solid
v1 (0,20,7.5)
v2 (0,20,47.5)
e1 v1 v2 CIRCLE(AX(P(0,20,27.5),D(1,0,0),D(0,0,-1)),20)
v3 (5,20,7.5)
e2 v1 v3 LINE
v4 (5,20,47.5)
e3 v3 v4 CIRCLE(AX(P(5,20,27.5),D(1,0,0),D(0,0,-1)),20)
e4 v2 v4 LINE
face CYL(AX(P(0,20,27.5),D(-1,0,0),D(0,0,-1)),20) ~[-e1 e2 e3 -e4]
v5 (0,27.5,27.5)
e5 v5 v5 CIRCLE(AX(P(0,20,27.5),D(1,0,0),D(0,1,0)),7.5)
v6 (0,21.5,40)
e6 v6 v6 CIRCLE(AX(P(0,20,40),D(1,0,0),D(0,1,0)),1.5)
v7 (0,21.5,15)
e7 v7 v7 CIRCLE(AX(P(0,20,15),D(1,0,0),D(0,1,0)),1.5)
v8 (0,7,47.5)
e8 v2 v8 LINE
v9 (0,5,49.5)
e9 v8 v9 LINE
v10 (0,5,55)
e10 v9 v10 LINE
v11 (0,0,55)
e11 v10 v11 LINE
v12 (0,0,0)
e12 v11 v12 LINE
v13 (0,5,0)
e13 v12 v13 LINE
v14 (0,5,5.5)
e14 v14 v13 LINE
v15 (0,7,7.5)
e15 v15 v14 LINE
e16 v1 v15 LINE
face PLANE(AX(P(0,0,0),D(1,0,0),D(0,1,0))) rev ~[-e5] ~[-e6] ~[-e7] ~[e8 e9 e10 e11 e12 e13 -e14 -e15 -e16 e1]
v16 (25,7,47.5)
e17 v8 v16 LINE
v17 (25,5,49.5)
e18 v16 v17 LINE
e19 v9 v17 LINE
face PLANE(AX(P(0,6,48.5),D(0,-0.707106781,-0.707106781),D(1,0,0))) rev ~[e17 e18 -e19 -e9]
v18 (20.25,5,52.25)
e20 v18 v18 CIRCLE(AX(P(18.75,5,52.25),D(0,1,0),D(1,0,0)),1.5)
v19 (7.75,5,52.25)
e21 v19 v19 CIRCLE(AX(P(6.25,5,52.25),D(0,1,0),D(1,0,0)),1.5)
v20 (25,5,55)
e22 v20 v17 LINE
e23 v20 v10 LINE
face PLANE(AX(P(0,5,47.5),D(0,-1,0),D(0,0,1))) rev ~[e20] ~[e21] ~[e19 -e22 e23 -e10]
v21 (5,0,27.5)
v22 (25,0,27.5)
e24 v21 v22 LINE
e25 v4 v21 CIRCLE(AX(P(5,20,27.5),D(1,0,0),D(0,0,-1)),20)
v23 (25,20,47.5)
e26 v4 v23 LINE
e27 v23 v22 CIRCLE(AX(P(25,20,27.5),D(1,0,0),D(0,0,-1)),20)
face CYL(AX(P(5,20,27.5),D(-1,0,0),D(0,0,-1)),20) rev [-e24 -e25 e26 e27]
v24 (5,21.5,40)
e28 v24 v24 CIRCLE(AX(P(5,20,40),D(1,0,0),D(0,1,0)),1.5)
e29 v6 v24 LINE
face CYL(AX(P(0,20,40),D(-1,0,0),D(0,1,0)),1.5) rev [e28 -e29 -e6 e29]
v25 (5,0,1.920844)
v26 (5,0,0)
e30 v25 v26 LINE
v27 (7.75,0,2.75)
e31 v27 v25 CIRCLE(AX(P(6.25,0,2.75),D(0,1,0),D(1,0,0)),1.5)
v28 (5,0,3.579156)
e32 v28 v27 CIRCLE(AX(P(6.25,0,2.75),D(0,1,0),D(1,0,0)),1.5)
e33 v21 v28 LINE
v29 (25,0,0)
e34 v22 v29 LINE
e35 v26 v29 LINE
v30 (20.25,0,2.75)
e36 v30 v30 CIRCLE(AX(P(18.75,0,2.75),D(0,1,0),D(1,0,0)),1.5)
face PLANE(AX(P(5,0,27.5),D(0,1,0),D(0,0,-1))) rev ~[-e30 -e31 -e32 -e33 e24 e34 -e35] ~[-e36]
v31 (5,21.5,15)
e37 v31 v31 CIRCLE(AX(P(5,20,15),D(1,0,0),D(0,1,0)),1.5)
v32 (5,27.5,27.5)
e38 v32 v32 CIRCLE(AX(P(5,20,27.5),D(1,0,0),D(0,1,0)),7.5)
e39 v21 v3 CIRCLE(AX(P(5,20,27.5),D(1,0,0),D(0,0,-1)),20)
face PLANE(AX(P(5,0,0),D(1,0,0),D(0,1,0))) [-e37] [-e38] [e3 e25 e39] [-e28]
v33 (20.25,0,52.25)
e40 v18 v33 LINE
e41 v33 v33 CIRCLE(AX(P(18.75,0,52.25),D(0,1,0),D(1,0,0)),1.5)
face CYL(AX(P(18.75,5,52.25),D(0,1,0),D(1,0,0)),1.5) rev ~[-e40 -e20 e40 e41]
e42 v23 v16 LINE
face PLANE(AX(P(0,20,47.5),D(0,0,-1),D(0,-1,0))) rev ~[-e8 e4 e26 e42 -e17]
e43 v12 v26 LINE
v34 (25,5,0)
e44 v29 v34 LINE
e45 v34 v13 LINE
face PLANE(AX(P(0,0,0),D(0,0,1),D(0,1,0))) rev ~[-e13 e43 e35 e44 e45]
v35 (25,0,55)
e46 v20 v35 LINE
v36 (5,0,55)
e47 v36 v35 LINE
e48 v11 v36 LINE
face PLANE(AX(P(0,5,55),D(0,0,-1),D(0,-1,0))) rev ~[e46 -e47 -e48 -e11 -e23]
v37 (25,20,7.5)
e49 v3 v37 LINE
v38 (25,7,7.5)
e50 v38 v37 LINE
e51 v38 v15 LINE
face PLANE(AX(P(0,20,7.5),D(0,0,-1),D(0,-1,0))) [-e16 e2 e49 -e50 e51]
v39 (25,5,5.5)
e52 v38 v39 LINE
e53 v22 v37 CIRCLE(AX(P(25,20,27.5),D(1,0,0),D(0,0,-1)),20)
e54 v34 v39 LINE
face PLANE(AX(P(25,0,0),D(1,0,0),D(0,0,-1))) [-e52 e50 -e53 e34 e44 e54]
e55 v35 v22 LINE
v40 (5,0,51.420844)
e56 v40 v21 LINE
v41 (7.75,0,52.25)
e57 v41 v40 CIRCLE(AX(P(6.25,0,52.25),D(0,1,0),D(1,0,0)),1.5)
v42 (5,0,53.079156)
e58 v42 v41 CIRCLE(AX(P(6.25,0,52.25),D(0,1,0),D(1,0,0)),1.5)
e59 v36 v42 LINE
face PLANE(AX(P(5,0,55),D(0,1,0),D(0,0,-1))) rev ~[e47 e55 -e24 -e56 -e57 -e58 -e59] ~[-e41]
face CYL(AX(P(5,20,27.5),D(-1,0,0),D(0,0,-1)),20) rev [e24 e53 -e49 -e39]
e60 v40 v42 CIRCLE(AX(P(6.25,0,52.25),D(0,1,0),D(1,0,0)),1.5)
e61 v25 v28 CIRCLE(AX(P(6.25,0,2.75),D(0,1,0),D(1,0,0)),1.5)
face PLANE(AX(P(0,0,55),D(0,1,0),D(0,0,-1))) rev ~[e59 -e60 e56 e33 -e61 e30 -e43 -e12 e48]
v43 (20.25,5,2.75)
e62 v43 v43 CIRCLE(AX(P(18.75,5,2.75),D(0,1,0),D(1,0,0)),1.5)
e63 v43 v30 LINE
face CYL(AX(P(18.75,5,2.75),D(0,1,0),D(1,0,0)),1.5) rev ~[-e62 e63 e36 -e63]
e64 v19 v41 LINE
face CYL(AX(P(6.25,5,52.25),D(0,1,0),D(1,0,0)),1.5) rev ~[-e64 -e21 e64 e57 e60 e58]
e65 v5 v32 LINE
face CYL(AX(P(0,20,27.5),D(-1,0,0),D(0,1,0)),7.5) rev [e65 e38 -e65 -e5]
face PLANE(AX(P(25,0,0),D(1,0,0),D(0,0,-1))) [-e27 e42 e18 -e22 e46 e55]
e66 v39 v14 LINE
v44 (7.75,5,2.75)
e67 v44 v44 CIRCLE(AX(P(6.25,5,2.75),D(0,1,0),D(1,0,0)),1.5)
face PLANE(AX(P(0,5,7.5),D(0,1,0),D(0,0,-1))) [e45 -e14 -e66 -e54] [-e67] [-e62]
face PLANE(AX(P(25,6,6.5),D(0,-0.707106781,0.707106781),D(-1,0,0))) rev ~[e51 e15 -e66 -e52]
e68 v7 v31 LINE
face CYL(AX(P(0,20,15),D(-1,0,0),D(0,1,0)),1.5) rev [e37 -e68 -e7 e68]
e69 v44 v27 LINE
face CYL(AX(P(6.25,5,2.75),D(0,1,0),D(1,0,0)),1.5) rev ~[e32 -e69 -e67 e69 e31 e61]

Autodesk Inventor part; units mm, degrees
ref_plane "YZ Plane" through (0, 0, 0) normal (1, 0, 0) x (0, 1, 0)
ref_plane "XZ Plane" through (0, 0, 0) normal (0, 1, 0) x (-1, 0, 0)
ref_plane "XY Plane" through (0, 0, 0) normal (0, 0, 1) x (1, 0, 0)
sketch "Sketch1" plane through (0, 0, 0) normal (1, 0, 0) x (0, 1, 0)
  arc A0 (20, 7.5) -> (20, 47.5) centre (20, 27.5) ccw
  line L0 (5, 55) -> (0, 55)
  line L1 (0, 55) -> (0, 0)
  line L2 (0, 0) -> (5, 0)
  circle A1 centre (20, 27.5) radius 20 construction
  circle A2 centre (20, 15) radius 1.5
  circle A3 centre (20, 40) radius 1.5
  circle A4 centre (20, 27.5) radius 7.5
  line L3 (20, 47.5) -> (5, 47.5)
  line L4 (5, 47.5) -> (5, 55)
  line L5 (20, 7.5) -> (5, 7.5)
  line L6 (5, 7.5) -> (5, 0)
  dimension "d0" = 20
  dimension "d3" = 5
  dimension "d5" = 3
  dimension "d6" = 3
  dimension "d7" = 25
  dimension "d8" = 12.5
  dimension "d9" = 15
  dimension "d30" = 55
extrude "Extrusion1" add sketch "Sketch1" along normal blind 5
sketch "Sketch2" plane through (5, 0, 0) normal (1, 0, 0) x (0, 0, -1)
  line L0 (-55, 5) -> (-55, 0) projected
  line L1 (-47.5, 20) -> (-47.5, 5) projected
  line L2 (-55, 5) -> (-47.5, 5)
  line L3 (-47.5, 5) -> (-47.5, 20)
  line L4 (-55, 0) -> (0, 0) projected
  line L5 (-55, 0) -> (0, 0)
  line L6 (-55, 0) -> (-55, 5)
  circle A0 centre (-27.5, 20) radius 20
  arc A1 (-7.5, 20) -> (-47.5, 20) centre (-27.5, 20) ccw projected
  line L7 (0, 0) -> (0, 5) projected
  line L8 (0, 0) -> (0, 5)
  line L9 (0, 5) -> (-7.5, 5)
  line L10 (-7.5, 5) -> (-7.5, 20) projected
  line L11 (-7.5, 5) -> (-7.5, 20)
  point P0 (-7.5, 20)
  point P1 (-27.5, 0)
extrude "Extrusion2" add sketch "Sketch2" along normal blind 20 contours L2 L1 A0 L4 L0 | A0 L10 L9 L7 L4
chamfer "Chamfer1" distance 2 angle 45 2 edges at (12.5, 5, 7.5) (12.5, 5, 47.5)
sketch "Sketch3" plane through (0, 5, 0) normal (0, 1, 0) x (1, 0, 0)
  circle A0 centre (6.25, -2.75) radius 1.5
  circle A1 centre (18.75, -2.75) radius 1.5
  circle A2 centre (6.25, -52.25) radius 1.5
  circle A3 centre (18.75, -52.25) radius 1.5
  line L0 (0, -55) -> (25, -55) projected
  line L1 (0, -49.5) -> (25, -49.5) projected
  line L2 (0, 0) -> (25, 0) projected
  line L3 (25, -5.5) -> (0, -5.5) projected
  line L4 (0, -49.5) -> (0, -55) projected
  line L5 (25, -49.5) -> (25, -55) projected
  dimension "d20" = 3
  dimension "d21" = 2.75
  dimension "d22" = 2.75
  dimension "d23" = 2.75
  dimension "d24" = 2.75
  dimension "d25" = 6.25
  dimension "d26" = 6.25
  dimension "d27" = 12.5
extrude "Extrusion3" cut sketch "Sketch3" against normal through all contours A0 | A1 | A2 | A3
equation "\"d8\" = 0.5 * d7"
equation "\"d21\" = d22"
equation "\"d23\" = d24"
equation "\"d25\" = 0.5 * d27"
equation "\"d26\" = d25"
properties part number "motor mount"
